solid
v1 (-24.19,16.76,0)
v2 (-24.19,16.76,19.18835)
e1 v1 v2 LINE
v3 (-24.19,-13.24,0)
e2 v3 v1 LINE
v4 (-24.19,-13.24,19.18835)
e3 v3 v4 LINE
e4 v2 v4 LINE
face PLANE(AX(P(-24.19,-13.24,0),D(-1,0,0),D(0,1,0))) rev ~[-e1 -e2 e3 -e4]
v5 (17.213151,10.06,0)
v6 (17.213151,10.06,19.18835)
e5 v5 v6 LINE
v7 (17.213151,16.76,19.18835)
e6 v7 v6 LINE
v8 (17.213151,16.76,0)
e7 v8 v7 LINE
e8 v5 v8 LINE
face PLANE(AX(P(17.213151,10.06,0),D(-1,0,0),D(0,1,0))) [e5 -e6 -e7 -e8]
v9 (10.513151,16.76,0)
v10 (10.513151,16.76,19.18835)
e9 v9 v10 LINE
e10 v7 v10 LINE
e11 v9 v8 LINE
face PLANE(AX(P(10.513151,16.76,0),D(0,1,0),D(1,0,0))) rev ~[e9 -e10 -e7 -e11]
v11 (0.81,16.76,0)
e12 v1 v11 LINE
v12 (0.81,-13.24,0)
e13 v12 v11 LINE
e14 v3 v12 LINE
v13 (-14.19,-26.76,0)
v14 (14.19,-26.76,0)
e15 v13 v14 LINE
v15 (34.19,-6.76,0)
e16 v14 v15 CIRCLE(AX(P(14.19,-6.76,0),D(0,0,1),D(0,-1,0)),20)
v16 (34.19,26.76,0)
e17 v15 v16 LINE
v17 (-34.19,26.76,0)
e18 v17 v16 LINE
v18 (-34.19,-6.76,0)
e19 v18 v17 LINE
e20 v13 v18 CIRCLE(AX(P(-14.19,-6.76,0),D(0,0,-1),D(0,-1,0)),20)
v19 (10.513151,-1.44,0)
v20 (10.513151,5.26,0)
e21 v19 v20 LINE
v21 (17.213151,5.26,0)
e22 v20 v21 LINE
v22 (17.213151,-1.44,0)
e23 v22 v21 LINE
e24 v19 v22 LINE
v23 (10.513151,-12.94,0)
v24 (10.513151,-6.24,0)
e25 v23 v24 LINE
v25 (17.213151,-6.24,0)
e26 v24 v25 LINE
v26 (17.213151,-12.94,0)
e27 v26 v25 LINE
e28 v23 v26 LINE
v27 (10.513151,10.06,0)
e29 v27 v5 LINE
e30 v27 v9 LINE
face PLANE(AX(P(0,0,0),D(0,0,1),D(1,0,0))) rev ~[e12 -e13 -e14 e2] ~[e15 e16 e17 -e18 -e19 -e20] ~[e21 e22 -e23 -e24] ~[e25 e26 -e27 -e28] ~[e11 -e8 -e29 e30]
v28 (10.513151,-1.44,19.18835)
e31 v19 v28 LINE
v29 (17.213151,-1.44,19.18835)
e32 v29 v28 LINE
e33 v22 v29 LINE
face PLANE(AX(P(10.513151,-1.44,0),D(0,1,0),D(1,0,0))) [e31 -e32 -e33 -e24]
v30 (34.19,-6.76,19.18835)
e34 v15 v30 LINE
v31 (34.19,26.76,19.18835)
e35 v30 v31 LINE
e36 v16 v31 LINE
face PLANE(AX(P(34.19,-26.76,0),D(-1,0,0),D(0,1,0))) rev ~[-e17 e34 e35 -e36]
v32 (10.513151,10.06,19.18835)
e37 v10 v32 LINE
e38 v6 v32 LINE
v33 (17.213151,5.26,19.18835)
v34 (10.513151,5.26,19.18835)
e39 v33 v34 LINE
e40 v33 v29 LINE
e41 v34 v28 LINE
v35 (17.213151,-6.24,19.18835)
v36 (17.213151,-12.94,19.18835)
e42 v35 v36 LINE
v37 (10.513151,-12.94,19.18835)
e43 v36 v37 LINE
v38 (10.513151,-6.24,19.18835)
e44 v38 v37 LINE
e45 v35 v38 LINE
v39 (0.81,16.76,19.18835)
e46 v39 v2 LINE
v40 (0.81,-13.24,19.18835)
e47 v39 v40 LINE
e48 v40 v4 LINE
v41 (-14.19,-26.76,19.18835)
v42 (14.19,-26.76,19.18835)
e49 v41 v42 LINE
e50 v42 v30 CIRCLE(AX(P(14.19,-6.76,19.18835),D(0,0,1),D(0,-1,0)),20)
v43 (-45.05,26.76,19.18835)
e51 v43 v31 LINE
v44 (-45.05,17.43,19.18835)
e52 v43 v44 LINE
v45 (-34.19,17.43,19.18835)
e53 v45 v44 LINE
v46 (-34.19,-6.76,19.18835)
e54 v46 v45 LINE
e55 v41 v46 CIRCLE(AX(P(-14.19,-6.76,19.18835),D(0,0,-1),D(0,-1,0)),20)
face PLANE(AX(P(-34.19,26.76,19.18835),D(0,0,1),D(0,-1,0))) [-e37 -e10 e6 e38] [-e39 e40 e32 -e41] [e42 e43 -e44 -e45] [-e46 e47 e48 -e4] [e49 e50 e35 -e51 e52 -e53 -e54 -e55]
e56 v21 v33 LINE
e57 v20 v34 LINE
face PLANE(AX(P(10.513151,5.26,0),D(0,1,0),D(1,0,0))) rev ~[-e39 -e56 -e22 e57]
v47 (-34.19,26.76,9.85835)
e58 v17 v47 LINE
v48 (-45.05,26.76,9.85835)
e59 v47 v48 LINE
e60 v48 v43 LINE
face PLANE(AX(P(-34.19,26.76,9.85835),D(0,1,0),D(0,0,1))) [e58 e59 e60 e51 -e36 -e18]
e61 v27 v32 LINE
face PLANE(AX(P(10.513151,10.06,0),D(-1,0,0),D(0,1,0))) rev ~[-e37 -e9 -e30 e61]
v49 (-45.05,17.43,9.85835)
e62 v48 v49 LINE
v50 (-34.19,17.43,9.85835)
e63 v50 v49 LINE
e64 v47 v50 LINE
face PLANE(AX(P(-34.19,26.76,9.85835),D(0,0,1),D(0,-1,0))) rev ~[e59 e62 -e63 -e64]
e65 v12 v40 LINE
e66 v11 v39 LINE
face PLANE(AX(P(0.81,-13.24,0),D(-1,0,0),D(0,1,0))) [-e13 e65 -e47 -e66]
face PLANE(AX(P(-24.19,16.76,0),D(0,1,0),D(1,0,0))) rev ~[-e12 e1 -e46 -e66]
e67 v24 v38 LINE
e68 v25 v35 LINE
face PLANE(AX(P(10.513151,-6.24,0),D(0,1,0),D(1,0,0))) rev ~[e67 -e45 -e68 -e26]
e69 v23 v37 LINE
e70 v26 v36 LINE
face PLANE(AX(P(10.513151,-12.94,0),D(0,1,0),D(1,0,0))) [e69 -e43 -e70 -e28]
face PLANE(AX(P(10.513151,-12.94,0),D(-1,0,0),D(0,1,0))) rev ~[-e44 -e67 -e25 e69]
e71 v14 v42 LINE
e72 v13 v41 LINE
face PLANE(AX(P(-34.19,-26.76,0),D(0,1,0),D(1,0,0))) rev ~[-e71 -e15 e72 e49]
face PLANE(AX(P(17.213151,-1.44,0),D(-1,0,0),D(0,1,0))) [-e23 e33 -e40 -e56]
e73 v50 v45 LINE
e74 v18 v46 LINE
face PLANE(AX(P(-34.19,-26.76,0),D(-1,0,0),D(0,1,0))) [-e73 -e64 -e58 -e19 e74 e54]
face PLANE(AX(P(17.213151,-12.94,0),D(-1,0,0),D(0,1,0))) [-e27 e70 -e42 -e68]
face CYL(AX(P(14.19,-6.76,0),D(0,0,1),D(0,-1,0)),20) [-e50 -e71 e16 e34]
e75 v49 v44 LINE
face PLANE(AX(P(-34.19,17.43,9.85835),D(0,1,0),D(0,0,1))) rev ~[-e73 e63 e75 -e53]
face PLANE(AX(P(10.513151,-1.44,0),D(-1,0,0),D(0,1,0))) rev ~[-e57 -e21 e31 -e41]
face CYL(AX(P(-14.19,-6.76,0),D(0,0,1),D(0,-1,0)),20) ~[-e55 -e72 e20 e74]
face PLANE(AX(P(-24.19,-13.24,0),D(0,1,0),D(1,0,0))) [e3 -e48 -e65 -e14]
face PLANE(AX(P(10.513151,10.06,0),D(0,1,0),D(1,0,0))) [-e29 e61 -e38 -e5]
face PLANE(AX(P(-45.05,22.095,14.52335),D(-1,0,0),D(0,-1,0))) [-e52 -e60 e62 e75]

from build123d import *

# Parameters (mm, degrees)
F0_W     = 68.38
F0_H     = 53.52
F1_DEPTH = 19.18835
F2_W     = 9.33
F2_H     = 9.33
F3_DEPTH = 10.86
F4_R     = 20
F5_R     = 20
F7_W     = 25
F7_H     = 30
F7_W_2   = 6.7
F7_H_2   = 6.7
F8_DEPTH = 29.55052


with BuildPart() as f1:
    # F0 (on Top) → F1 (new body)
    with BuildSketch(Plane.XY):
        Rectangle(F0_W, F0_H)
    extrude(amount=F1_DEPTH)

    # F2 (on face) → F3 (join)
    with BuildSketch(Plane(origin=(-34.19, 0, 0), x_dir=(0, -1, 0), z_dir=(-1, 0, 0))):
        with Locations((-22.095, 14.52335)):
            Rectangle(F2_W, F2_H)
    extrude(amount=F3_DEPTH)

    # F4
    f4_edges = [f1.edges().sort_by_distance(p)[0] for p in [
        (34.19, -26.76, 9.594175),
    ]]
    fillet(f4_edges, radius=F4_R)

    # F5
    f5_edges = [f1.edges().sort_by_distance(p)[0] for p in [
        (-34.19, -26.76, 9.594175),
    ]]
    fillet(f5_edges, radius=F5_R)

    # F7 (on face) → F8 (cut)
    with BuildSketch(Plane.XY):
        with Locations((-11.69, 1.76)):
            Rectangle(F7_W, F7_H)
        with Locations((13.863151, 13.41)):
            Rectangle(F7_W_2, F7_H_2)
        with Locations((13.863151, 1.91)):
            Rectangle(F7_W_2, F7_H_2)
        with Locations((13.863151, -9.59)):
            Rectangle(F7_W_2, F7_H_2)
    extrude(amount=F8_DEPTH, mode=Mode.SUBTRACT)


solid = f1.part
